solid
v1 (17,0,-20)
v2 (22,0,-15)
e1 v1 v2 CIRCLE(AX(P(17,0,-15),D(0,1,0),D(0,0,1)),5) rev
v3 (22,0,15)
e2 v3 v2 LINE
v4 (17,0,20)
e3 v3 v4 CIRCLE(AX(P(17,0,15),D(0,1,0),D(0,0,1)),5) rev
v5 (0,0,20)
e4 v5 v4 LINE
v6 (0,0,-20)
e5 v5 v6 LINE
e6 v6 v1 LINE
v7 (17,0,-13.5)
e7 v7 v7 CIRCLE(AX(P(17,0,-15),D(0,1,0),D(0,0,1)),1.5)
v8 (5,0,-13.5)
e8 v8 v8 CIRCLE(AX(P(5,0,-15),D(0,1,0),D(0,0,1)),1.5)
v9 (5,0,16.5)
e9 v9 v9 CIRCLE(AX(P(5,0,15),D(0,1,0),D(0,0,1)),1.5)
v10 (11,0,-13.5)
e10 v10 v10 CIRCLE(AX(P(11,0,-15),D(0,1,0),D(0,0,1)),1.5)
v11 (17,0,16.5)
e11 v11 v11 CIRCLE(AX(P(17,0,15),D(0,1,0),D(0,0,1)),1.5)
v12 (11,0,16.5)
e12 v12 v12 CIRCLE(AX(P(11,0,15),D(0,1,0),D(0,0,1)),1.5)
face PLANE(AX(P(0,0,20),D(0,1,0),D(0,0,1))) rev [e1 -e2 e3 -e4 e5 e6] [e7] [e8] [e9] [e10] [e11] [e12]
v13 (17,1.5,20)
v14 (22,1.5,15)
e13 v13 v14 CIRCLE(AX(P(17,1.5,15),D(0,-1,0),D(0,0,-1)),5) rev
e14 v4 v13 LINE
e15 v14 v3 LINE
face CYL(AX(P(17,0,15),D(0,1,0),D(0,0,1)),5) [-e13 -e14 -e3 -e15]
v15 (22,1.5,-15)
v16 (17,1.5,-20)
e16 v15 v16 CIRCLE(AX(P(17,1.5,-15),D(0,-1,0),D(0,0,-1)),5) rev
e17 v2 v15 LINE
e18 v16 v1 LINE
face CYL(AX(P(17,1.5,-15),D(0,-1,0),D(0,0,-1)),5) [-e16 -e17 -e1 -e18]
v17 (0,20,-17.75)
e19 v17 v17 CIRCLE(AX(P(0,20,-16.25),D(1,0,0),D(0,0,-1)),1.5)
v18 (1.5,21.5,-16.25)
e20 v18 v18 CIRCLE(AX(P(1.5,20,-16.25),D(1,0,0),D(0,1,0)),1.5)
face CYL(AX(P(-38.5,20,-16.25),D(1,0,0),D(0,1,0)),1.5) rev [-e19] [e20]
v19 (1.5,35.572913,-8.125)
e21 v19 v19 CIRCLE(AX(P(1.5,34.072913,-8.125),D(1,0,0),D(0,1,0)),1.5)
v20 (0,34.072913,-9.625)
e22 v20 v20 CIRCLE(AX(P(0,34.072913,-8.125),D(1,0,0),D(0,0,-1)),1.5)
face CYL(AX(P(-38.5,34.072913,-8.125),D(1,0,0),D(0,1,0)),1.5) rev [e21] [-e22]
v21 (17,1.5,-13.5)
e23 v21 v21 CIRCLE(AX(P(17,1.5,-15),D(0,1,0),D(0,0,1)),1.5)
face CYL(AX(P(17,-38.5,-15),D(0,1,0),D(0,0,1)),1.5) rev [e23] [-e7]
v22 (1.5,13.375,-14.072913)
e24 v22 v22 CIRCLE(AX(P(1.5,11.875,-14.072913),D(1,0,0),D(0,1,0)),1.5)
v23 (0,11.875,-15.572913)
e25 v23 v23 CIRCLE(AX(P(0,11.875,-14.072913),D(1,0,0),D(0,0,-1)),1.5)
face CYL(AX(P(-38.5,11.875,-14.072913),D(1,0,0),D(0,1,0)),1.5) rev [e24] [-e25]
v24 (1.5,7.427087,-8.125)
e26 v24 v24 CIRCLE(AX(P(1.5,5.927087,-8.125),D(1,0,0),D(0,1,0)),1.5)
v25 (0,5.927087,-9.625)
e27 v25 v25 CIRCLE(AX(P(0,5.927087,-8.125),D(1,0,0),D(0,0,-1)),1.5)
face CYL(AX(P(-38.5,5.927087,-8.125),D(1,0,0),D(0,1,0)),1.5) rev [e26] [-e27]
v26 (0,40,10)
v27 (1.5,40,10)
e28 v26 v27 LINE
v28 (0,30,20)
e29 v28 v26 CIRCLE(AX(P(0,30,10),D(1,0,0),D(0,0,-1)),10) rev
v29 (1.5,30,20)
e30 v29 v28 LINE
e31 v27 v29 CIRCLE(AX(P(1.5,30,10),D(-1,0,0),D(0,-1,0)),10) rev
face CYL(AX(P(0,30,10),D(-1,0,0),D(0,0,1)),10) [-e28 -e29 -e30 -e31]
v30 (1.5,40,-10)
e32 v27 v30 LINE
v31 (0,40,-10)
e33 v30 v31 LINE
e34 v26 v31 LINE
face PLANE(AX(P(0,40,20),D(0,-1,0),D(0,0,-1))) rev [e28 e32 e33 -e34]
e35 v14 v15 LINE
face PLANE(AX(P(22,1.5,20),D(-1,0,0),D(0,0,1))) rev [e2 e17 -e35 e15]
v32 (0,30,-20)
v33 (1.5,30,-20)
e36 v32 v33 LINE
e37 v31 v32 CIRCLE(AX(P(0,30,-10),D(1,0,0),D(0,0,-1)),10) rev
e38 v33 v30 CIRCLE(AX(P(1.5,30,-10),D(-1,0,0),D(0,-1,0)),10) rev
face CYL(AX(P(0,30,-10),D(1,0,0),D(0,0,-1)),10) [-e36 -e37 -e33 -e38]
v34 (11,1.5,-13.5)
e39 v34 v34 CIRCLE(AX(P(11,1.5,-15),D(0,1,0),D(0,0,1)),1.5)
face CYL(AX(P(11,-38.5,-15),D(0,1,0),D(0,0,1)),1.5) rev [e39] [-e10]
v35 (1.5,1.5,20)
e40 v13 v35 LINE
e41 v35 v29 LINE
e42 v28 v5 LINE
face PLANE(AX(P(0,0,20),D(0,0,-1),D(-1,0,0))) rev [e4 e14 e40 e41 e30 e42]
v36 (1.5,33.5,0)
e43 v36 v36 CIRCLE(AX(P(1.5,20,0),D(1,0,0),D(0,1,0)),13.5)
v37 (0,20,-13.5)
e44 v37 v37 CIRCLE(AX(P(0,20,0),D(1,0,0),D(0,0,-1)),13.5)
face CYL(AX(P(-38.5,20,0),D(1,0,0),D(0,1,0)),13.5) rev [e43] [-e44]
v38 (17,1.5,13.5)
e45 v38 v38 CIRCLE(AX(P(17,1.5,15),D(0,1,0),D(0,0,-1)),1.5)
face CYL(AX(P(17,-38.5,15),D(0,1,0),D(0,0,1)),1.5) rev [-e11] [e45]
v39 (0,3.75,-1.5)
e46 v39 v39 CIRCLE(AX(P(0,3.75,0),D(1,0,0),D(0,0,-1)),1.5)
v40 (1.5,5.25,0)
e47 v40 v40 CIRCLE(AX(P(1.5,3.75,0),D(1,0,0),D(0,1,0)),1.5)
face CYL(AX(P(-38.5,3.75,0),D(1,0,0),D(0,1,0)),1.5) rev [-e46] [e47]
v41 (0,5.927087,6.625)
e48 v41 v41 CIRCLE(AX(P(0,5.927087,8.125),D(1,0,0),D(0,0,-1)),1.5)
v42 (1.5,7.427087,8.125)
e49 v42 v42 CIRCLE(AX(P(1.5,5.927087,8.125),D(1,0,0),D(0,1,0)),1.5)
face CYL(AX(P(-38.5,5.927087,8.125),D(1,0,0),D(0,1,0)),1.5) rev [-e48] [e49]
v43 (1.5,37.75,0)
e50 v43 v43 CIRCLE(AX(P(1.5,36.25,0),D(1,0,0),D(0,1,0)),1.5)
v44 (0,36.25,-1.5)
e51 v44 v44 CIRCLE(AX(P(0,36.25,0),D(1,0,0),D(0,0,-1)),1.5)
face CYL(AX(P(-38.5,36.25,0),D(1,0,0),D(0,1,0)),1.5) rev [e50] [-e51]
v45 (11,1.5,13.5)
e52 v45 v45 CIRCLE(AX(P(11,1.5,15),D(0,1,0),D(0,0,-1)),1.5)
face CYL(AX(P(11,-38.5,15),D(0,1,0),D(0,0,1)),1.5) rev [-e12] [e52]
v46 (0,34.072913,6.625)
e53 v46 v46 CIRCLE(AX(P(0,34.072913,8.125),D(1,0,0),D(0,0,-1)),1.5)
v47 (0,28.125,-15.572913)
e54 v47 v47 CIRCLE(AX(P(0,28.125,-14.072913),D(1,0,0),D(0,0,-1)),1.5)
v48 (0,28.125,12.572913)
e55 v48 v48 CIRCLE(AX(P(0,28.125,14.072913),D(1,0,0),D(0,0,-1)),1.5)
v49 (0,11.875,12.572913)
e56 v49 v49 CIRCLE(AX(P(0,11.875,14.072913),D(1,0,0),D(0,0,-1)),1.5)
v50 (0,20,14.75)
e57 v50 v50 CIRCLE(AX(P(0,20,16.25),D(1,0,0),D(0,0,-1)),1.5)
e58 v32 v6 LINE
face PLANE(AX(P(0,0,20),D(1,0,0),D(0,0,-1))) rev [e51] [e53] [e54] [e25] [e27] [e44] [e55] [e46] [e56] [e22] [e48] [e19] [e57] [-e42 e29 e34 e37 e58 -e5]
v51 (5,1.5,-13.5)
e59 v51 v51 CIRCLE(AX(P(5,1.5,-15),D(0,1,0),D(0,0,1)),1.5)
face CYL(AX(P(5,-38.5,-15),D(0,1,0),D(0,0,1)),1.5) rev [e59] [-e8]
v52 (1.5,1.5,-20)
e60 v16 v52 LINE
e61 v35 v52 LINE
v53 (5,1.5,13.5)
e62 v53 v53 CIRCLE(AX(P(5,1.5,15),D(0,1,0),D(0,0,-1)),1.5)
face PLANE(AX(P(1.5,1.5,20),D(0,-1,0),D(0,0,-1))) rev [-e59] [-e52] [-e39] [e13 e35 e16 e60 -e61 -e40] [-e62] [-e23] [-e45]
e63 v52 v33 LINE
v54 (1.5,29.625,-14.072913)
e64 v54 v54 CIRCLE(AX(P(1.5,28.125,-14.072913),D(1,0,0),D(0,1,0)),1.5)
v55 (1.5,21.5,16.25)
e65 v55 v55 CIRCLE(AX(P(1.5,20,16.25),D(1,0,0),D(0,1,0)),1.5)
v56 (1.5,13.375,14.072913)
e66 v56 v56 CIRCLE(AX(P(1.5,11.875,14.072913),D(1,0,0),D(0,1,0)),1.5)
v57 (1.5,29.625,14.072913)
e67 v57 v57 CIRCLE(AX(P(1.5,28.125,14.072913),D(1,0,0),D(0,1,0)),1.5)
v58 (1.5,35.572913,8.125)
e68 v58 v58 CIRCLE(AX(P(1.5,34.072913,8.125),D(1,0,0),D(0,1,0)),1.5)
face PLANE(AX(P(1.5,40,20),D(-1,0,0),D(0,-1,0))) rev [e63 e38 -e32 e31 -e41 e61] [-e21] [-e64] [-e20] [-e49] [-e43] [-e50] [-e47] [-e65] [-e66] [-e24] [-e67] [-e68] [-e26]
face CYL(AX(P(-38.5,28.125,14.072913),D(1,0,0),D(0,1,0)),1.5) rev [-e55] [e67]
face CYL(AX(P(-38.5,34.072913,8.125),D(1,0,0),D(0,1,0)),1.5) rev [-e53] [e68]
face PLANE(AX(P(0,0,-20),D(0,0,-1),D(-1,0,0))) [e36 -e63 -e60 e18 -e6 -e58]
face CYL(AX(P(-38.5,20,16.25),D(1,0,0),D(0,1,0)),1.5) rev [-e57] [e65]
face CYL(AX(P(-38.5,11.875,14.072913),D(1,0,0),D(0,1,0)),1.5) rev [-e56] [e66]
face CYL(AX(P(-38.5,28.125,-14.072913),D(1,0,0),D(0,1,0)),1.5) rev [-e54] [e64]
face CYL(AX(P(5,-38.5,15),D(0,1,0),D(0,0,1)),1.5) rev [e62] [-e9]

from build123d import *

# Parameters (mm, degrees)
BOSS_EXTRUDE1_DEPTH = 20
SKETCH2_R           = 13.5
CUT_EXTRUDE1_DEPTH  = 40
SKETCH4_R           = 1.5
CUT_EXTRUDE2_DEPTH  = 40
SKETCH5_R           = 1.5
CUT_EXTRUDE3_DEPTH  = 40
FILLET1_R           = 10
FILLET2_R           = 5


with BuildPart() as part:
    # Sketch1 → Boss-Extrude1 (new body, symmetric)
    with BuildSketch(Plane.XY):
        Polygon((0, 0), (22, 0), (22, 1.5), (1.5, 1.5), (1.5, 40), (0, 40), align=None)
    extrude(amount=BOSS_EXTRUDE1_DEPTH, both=True)

    # Sketch2 → Cut-Extrude1 (cut)
    with BuildSketch(Plane(origin=(1.5, 0, 0), x_dir=(0, 0, -1), z_dir=(1, 0, 0))):
        with Locations((0, 20)):
            Circle(SKETCH2_R)
    extrude(amount=-CUT_EXTRUDE1_DEPTH, mode=Mode.SUBTRACT)

    # Sketch4 → Cut-Extrude2 (cut)
    with BuildSketch(Plane(origin=(1.5, 0, 0), x_dir=(0, 0, -1), z_dir=(1, 0, 0))):
        with Locations((16.25, 20)):
            Circle(SKETCH4_R)
        with Locations((14.072912811, 11.875)):
            Circle(SKETCH4_R)
        with Locations((8.125, 5.927087189)):
            Circle(SKETCH4_R)
        with Locations((0, 3.75)):
            Circle(SKETCH4_R)
        with Locations((-8.125, 5.927087189)):
            Circle(SKETCH4_R)
        with Locations((-14.072912811, 11.875)):
            Circle(SKETCH4_R)
        with Locations((-16.25, 20)):
            Circle(SKETCH4_R)
        with Locations((-14.072912811, 28.125)):
            Circle(SKETCH4_R)
        with Locations((-8.125, 34.072912811)):
            Circle(SKETCH4_R)
        with Locations((0, 36.25)):
            Circle(SKETCH4_R)
        with Locations((8.125, 34.072912811)):
            Circle(SKETCH4_R)
        with Locations((14.072912811, 28.125)):
            Circle(SKETCH4_R)
    extrude(amount=-CUT_EXTRUDE2_DEPTH, mode=Mode.SUBTRACT)

    # Sketch5 → Cut-Extrude3 (cut)
    with BuildSketch(Plane(origin=(0, 1.5, 0), x_dir=(1, 0, 0), z_dir=(0, 1, 0))):
        with Locations((5, 15)):
            Circle(SKETCH5_R)
        with Locations((11, 15)):
            Circle(SKETCH5_R)
        with Locations((17, 15)):
            Circle(SKETCH5_R)
        with Locations((17, -15)):
            Circle(SKETCH5_R)
        with Locations((11, -15)):
            Circle(SKETCH5_R)
        with Locations((5, -15)):
            Circle(SKETCH5_R)
    extrude(amount=-CUT_EXTRUDE3_DEPTH, mode=Mode.SUBTRACT)

    # Fillet1
    fillet1_edges = [part.edges().sort_by_distance(p)[0] for p in [
        (0.75, 40, 20),
        (0.75, 40, -20),
    ]]
    fillet(fillet1_edges, radius=FILLET1_R)

    # Fillet2
    fillet2_edges = [part.edges().sort_by_distance(p)[0] for p in [
        (22, 0.75, 20),
        (22, 0.75, -20),
    ]]
    fillet(fillet2_edges, radius=FILLET2_R)


solid = part.part
